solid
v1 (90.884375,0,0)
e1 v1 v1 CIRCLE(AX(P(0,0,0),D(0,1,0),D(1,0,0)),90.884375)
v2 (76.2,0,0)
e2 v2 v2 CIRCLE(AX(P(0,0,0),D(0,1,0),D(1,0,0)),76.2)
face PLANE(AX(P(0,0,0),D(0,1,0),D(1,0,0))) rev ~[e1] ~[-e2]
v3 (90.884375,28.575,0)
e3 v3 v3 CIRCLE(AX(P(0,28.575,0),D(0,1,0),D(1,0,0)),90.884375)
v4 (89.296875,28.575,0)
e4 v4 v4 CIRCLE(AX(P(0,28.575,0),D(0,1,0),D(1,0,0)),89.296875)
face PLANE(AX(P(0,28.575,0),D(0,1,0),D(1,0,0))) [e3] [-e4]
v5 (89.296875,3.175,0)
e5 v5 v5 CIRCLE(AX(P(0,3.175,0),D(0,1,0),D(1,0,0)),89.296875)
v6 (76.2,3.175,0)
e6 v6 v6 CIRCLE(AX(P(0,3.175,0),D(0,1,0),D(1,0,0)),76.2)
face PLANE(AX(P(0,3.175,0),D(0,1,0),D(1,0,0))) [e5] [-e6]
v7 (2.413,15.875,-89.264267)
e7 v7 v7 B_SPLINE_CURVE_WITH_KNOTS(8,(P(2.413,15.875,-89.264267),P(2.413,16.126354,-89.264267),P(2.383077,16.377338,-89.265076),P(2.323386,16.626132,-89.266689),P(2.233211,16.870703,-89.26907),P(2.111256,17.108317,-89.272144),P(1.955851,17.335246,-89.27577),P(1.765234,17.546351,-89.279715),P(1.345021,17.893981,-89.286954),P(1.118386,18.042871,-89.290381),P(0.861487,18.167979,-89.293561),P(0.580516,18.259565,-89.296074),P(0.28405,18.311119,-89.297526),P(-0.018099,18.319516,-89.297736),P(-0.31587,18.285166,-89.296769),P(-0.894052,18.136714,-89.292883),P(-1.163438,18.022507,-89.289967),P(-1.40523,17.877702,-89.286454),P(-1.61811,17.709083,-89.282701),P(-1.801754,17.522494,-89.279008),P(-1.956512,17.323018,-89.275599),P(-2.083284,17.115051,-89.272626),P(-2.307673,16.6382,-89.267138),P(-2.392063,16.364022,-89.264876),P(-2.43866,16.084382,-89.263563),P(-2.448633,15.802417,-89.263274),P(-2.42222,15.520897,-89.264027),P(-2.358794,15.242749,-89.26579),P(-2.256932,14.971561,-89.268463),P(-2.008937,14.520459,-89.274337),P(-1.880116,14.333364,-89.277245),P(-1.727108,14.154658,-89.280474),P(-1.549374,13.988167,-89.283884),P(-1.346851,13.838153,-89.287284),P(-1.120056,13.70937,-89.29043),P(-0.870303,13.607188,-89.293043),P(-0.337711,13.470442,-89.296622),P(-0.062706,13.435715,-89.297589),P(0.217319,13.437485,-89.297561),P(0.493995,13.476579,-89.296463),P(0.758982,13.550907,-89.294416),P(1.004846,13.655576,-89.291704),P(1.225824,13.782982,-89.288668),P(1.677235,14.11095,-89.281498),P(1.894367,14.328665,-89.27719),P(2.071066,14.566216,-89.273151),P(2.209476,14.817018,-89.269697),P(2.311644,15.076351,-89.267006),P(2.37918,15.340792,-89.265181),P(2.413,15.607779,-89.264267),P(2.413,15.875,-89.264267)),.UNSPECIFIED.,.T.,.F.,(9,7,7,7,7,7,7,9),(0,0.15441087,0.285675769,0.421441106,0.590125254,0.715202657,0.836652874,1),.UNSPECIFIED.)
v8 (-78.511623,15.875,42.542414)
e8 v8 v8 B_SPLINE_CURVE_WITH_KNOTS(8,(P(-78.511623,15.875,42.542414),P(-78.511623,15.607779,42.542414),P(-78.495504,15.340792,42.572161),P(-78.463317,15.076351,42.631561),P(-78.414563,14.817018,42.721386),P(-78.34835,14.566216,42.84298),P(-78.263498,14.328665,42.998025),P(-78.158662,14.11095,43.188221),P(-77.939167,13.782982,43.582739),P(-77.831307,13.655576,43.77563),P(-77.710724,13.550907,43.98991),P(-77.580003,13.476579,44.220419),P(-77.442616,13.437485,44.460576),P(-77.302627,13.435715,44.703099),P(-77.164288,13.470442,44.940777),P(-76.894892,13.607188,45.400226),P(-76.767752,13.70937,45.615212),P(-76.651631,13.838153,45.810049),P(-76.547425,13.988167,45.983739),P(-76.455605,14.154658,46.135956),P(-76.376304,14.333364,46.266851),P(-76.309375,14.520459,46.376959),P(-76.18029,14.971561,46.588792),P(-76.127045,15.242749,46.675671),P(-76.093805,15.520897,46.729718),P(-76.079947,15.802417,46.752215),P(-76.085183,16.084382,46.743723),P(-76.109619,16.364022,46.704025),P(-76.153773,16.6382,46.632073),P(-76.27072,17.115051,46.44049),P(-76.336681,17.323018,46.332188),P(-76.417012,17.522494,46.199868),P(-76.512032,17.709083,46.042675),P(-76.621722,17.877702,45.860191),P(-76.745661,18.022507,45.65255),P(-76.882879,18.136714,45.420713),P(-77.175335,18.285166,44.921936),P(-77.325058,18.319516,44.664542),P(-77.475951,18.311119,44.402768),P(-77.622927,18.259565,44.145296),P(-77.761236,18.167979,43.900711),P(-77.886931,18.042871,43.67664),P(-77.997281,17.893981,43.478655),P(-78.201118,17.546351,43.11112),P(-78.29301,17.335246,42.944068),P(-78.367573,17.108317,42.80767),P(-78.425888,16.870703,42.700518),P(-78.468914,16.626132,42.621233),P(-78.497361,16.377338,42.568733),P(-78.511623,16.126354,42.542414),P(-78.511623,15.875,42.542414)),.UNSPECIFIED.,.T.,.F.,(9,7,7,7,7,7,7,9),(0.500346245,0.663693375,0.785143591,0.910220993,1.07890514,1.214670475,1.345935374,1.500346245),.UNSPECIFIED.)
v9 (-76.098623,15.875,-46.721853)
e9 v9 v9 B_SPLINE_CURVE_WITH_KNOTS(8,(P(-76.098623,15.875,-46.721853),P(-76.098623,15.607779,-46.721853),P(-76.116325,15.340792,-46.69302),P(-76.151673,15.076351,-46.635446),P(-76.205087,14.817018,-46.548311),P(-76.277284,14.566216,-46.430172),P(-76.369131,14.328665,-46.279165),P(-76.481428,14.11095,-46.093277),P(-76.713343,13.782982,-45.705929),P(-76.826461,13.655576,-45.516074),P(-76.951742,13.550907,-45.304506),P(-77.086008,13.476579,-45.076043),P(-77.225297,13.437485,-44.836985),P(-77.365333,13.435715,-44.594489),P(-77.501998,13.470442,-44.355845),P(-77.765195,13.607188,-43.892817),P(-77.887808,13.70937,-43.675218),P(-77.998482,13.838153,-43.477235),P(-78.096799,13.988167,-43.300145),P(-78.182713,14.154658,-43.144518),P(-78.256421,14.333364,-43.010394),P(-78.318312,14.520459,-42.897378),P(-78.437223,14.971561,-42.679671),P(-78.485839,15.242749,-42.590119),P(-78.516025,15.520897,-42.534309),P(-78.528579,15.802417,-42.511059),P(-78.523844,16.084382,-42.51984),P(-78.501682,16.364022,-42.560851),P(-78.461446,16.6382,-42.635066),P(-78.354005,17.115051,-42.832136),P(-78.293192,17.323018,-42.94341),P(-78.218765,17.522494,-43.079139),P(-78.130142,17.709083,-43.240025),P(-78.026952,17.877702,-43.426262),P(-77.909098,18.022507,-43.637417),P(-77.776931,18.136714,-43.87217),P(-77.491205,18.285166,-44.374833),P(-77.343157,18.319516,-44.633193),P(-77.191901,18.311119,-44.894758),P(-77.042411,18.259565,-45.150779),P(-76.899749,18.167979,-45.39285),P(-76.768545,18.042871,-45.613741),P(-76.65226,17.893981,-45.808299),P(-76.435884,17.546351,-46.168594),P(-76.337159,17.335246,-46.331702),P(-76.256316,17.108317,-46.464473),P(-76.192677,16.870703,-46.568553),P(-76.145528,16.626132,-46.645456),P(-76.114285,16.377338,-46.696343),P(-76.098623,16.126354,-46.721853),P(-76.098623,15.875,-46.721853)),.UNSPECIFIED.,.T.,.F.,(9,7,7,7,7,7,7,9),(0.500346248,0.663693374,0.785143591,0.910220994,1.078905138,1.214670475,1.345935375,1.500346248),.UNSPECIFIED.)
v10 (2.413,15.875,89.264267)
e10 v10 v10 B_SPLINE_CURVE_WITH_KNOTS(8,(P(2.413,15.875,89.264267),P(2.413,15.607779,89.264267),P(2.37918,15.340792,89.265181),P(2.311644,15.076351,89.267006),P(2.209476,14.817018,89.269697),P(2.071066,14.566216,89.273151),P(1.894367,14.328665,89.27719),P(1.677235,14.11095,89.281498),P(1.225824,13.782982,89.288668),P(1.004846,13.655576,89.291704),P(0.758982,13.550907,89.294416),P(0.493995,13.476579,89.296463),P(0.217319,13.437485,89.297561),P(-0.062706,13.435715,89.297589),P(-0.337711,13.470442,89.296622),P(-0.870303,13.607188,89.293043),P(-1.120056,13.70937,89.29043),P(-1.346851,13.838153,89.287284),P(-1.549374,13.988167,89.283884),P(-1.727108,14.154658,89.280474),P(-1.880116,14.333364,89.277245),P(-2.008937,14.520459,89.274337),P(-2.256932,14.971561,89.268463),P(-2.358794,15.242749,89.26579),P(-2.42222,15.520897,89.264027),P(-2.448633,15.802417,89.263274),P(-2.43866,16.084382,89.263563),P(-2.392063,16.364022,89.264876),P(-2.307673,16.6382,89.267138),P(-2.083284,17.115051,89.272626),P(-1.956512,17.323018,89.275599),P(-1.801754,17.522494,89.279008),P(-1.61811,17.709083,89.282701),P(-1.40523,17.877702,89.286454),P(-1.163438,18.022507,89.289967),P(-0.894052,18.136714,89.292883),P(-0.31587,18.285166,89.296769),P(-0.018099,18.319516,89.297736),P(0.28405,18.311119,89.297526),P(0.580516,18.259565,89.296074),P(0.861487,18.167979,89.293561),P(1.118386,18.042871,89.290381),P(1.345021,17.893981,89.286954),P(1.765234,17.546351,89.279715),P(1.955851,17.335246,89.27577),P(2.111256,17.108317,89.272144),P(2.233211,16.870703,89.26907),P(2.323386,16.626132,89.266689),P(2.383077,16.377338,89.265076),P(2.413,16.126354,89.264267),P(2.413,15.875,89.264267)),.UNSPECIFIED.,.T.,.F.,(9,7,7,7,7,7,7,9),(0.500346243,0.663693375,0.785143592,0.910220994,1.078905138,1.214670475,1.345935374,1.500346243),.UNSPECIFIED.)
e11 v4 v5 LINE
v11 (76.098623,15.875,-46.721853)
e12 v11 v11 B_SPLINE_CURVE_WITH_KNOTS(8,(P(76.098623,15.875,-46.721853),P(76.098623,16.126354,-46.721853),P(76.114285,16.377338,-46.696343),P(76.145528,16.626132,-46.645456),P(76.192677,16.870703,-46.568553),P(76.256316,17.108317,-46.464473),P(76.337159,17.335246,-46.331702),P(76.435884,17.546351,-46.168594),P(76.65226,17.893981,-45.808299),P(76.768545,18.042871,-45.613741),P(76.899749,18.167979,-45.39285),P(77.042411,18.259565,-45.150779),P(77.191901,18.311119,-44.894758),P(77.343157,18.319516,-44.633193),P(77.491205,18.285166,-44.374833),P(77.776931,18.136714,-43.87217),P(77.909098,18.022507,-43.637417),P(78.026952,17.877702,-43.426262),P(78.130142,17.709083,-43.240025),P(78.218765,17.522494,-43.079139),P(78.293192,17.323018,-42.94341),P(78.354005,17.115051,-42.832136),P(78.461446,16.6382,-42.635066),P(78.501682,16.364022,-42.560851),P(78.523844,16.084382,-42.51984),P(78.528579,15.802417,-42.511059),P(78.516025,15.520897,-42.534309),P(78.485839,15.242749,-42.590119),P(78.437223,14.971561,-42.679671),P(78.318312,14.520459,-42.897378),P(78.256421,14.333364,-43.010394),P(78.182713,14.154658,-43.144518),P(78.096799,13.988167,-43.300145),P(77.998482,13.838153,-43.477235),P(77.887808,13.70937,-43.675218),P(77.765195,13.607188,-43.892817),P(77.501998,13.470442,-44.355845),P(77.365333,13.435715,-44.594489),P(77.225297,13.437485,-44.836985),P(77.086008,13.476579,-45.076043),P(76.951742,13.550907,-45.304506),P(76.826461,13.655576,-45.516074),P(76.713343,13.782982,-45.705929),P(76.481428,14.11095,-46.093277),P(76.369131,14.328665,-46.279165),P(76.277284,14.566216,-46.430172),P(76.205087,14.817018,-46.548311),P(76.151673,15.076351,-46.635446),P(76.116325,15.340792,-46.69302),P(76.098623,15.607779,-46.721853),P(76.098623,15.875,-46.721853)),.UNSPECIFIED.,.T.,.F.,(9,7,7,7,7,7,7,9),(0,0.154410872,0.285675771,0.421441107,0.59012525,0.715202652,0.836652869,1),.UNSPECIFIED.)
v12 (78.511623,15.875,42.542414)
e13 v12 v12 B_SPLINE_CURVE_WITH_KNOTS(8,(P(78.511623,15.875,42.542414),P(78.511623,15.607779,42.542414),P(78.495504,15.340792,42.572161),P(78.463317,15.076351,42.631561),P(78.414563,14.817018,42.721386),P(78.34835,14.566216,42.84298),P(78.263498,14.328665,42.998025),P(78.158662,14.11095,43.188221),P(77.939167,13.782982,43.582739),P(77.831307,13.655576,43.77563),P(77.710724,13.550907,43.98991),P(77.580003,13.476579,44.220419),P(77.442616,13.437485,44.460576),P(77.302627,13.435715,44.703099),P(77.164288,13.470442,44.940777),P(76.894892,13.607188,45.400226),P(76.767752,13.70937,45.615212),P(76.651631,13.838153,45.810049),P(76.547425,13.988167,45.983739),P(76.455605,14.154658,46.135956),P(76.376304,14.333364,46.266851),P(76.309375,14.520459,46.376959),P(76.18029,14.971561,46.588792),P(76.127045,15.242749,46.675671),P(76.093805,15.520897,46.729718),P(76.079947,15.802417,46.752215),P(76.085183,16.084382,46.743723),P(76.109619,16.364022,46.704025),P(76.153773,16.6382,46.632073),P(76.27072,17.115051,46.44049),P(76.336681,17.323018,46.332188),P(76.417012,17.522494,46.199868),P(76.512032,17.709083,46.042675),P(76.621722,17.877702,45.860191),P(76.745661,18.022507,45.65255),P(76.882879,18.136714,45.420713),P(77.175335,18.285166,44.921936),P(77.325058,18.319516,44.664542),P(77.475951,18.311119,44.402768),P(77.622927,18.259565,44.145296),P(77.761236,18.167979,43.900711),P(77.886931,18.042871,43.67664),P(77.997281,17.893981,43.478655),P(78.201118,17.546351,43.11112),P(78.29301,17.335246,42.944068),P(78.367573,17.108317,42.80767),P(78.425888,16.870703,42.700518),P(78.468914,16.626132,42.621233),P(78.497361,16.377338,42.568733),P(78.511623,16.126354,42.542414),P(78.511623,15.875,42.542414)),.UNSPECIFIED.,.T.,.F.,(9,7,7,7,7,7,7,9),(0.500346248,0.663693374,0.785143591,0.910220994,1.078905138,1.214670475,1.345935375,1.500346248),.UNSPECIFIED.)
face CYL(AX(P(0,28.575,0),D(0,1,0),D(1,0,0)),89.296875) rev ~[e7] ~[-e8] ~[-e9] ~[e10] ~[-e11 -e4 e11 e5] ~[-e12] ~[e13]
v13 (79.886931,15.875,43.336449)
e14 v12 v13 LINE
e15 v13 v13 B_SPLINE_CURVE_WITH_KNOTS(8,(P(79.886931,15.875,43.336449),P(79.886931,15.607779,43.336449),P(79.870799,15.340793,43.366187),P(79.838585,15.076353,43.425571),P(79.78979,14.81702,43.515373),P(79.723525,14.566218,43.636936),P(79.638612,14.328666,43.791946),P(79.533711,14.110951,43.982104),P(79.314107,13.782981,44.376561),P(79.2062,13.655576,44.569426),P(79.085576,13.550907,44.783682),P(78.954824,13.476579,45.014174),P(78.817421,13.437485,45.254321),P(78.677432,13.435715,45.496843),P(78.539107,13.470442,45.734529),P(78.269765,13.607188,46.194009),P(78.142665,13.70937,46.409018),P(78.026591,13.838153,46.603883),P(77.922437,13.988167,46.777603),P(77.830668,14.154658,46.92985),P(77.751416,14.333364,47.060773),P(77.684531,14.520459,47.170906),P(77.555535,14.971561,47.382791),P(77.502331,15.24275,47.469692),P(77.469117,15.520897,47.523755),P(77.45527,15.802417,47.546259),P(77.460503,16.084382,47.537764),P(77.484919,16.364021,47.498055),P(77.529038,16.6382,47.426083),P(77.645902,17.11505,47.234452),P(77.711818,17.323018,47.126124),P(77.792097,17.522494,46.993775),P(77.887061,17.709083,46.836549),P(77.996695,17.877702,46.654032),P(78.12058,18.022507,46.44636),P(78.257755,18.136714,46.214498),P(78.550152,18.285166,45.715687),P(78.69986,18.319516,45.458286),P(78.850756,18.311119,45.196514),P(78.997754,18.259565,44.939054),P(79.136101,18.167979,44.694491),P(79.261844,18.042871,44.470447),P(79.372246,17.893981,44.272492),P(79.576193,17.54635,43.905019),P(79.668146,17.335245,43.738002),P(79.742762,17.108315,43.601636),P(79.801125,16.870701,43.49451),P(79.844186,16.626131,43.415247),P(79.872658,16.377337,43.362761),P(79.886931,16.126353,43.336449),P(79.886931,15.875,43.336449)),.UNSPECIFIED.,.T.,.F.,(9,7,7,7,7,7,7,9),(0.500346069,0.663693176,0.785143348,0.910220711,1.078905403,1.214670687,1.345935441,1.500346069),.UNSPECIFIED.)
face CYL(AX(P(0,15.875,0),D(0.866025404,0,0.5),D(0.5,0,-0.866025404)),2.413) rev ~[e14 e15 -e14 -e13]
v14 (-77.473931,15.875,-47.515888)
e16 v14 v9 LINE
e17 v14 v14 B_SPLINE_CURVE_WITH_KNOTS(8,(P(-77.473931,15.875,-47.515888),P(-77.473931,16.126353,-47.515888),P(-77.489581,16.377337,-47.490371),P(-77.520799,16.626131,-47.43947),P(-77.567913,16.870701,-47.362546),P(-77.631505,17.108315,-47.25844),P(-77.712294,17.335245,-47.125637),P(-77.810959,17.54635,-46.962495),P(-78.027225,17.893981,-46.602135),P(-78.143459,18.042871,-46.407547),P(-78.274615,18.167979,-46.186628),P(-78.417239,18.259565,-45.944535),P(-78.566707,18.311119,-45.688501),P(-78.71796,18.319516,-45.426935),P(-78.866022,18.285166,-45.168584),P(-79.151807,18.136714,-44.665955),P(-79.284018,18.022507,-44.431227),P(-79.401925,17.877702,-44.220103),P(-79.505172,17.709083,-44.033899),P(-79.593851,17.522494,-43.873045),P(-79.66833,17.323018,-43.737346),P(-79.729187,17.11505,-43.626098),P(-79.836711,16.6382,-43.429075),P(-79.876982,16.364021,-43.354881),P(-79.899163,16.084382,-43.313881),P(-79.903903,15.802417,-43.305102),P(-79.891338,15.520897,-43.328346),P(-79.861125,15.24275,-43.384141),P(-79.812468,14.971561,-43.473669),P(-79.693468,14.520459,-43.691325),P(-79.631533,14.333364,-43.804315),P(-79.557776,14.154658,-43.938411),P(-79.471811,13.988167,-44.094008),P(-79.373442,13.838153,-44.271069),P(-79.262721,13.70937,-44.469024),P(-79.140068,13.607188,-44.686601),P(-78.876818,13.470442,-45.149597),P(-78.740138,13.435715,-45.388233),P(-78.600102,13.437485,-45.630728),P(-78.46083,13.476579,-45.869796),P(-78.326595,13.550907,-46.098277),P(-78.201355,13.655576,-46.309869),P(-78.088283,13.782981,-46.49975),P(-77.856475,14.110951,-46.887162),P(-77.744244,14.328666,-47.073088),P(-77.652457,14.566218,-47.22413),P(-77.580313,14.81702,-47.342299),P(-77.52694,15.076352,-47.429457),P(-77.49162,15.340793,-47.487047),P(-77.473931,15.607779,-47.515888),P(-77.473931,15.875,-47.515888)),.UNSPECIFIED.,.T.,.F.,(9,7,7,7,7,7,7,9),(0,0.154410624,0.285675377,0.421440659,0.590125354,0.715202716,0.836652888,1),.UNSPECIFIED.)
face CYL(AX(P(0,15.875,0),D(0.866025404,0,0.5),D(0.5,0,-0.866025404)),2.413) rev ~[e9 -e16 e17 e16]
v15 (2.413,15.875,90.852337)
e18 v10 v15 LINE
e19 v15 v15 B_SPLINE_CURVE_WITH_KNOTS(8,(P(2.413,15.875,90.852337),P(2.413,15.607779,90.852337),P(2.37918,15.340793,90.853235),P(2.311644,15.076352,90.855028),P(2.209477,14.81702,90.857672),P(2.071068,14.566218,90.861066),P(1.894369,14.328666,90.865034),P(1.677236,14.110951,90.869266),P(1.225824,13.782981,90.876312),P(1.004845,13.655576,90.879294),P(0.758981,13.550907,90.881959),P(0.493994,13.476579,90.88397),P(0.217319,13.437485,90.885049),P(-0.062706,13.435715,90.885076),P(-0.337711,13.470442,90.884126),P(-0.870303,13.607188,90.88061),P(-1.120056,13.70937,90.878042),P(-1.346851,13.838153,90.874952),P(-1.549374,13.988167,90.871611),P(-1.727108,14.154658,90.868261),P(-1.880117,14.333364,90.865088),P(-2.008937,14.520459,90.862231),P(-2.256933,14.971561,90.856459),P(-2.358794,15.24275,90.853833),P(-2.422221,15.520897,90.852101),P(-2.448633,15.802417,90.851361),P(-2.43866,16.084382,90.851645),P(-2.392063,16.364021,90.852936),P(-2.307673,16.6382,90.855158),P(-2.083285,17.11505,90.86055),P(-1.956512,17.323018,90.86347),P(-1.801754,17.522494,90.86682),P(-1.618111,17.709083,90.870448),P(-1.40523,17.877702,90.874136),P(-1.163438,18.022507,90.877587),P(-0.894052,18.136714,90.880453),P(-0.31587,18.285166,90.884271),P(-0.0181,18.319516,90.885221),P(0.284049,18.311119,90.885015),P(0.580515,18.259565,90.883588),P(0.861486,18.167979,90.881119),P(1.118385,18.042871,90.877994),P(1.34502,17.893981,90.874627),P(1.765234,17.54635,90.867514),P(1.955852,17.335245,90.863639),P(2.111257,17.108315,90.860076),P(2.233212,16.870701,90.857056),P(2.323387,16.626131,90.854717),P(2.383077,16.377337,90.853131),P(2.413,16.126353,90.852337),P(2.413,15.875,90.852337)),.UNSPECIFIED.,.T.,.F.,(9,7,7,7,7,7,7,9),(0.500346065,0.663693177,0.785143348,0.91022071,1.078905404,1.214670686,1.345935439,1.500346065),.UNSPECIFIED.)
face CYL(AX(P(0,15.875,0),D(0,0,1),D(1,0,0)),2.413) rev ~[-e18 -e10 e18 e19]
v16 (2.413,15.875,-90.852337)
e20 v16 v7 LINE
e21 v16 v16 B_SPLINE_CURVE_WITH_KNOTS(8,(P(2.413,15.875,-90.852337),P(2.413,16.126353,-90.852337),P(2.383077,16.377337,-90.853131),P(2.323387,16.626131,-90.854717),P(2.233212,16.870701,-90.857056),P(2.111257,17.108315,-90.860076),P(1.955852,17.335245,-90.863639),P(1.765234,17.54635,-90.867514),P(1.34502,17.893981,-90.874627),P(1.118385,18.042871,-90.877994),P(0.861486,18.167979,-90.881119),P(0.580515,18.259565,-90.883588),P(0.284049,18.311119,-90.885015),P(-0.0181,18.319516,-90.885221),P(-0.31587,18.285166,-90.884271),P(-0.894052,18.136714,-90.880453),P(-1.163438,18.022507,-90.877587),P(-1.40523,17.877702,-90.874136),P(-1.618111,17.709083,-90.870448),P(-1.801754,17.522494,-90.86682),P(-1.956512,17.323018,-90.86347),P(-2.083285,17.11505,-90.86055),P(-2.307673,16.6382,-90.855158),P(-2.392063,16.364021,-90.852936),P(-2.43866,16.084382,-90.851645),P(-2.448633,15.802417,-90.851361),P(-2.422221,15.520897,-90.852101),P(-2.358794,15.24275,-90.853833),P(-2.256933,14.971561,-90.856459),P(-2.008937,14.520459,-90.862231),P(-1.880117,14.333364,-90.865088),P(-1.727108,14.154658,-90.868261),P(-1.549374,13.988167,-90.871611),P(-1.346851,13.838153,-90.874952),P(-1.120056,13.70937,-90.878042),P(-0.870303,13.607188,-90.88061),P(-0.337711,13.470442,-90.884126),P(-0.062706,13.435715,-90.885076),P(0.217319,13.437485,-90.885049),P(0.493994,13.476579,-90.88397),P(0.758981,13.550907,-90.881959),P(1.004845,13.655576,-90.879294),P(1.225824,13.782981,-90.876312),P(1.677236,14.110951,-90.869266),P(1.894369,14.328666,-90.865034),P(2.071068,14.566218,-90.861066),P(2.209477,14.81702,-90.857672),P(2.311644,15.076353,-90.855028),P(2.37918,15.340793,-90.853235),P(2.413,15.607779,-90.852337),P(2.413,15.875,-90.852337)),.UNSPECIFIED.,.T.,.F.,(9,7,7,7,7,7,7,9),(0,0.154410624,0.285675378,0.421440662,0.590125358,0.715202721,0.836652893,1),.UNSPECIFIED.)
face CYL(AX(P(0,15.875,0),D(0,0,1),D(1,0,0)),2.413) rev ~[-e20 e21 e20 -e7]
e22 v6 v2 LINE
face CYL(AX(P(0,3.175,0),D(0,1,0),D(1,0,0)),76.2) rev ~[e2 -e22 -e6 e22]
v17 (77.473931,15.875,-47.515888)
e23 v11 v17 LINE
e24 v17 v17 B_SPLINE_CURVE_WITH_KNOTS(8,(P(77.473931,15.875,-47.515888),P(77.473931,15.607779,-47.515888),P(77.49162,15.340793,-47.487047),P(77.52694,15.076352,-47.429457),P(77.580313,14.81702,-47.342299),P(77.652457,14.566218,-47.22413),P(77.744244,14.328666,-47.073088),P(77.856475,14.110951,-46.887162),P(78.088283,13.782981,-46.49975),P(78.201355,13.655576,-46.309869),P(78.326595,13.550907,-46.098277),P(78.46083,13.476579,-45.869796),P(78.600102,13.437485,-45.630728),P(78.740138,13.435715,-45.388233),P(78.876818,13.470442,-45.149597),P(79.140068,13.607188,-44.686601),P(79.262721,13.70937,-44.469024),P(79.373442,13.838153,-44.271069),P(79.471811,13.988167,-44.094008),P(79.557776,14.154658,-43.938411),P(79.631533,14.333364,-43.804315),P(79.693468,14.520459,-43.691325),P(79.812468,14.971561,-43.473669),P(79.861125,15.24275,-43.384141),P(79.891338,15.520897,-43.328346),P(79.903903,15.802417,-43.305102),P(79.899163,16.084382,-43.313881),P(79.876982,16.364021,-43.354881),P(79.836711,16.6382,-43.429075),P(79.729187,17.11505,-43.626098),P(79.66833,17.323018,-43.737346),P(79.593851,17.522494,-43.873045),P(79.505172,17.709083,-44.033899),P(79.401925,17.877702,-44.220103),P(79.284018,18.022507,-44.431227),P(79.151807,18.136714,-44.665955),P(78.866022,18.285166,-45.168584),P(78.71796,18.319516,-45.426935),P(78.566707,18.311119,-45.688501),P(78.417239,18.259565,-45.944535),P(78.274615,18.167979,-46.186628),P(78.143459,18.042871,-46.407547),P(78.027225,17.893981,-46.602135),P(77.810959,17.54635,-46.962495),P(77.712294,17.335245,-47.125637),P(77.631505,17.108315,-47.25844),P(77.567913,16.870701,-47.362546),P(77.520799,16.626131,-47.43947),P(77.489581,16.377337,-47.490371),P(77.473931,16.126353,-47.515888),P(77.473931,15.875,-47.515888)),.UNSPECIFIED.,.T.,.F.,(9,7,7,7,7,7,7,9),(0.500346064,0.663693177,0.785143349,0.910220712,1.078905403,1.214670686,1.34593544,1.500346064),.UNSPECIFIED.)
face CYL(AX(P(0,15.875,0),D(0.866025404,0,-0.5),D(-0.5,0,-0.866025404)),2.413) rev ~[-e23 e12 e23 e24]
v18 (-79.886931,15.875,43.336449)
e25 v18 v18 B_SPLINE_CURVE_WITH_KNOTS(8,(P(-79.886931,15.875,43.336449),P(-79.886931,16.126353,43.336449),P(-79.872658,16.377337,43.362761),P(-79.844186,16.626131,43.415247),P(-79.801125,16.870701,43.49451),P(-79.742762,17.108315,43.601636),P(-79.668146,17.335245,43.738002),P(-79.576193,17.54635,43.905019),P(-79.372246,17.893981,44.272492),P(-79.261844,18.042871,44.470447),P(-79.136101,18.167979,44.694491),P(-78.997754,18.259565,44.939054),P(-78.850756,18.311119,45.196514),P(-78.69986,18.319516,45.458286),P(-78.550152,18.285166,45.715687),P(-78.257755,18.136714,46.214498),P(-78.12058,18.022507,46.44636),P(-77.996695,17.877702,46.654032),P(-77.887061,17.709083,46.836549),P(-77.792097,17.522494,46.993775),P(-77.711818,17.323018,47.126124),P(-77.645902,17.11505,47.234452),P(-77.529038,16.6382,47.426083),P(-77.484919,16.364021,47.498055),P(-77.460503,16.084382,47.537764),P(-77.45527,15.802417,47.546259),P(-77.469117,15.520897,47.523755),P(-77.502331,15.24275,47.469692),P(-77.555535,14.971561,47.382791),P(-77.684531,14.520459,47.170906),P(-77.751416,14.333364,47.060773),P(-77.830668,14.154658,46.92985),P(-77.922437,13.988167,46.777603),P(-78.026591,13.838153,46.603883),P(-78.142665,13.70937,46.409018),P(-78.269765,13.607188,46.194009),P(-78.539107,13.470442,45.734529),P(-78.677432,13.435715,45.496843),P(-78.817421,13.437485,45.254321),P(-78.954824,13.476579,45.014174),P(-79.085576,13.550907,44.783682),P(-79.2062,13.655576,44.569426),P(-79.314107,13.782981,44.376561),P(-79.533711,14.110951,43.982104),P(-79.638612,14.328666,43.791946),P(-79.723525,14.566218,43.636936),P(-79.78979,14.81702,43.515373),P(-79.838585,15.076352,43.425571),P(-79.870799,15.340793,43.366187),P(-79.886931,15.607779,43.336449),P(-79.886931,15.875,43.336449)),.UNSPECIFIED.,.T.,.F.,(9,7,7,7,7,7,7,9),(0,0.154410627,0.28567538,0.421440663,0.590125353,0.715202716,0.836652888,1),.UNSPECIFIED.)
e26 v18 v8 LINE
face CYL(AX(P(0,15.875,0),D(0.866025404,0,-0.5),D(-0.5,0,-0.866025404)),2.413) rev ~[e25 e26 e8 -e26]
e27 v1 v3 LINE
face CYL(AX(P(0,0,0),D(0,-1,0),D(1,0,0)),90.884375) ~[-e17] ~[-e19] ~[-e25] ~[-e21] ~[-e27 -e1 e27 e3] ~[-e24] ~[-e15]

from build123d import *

# Parameters (mm, degrees)
SKETCH1_R           = 90.884375
BOSS_EXTRUDE1_DEPTH = 28.575
SKETCH2_R           = 89.296875
CUT_EXTRUDE1_DEPTH  = 25.4
SKETCH3_R           = 76.2
CUT_EXTRUDE2_DEPTH  = 4.175
SKETCH4_R           = 2.413
CUT_EXTRUDE3_DEPTH  = 91.884375
CIRPATTERN1_COUNT   = 6


with BuildPart() as part:
    # Sketch1 → Boss-Extrude1 (new body)
    with BuildSketch(Plane(origin=(0, 0, 0), x_dir=(1, 0, 0), z_dir=(0, 1, 0))):
        Circle(SKETCH1_R)
    extrude(amount=BOSS_EXTRUDE1_DEPTH)

    # Sketch2 → Cut-Extrude1 (cut)
    with BuildSketch(Plane(origin=(0, 28.575, 0), x_dir=(1, 0, 0), z_dir=(0, 1, 0))):
        Circle(SKETCH2_R)
    extrude(amount=-CUT_EXTRUDE1_DEPTH, mode=Mode.SUBTRACT)

    # Sketch3 → Cut-Extrude2 (cut, through all)
    with BuildSketch(Plane(origin=(0, 3.175, 0), x_dir=(1, 0, 0), z_dir=(0, 1, 0))):
        Circle(SKETCH3_R)
    extrude(amount=-CUT_EXTRUDE2_DEPTH, mode=Mode.SUBTRACT)

    # Sketch4 → Cut-Extrude3 (cut, symmetric)
    with BuildSketch(Plane.XY):
        with Locations((0, 15.875)):
            Circle(SKETCH4_R)
    cut_extrude3 = extrude(amount=CUT_EXTRUDE3_DEPTH, both=True, mode=Mode.SUBTRACT)

    # CirPattern1: Cut-Extrude3 ×6 about axis
    cirpattern1_axis = Axis((0, 28.575, 0), (0, 1, 0))
    for i in range(1, CIRPATTERN1_COUNT):
        add(cut_extrude3.rotate(cirpattern1_axis, i * 360 / CIRPATTERN1_COUNT), mode=Mode.SUBTRACT)


solid = part.part
